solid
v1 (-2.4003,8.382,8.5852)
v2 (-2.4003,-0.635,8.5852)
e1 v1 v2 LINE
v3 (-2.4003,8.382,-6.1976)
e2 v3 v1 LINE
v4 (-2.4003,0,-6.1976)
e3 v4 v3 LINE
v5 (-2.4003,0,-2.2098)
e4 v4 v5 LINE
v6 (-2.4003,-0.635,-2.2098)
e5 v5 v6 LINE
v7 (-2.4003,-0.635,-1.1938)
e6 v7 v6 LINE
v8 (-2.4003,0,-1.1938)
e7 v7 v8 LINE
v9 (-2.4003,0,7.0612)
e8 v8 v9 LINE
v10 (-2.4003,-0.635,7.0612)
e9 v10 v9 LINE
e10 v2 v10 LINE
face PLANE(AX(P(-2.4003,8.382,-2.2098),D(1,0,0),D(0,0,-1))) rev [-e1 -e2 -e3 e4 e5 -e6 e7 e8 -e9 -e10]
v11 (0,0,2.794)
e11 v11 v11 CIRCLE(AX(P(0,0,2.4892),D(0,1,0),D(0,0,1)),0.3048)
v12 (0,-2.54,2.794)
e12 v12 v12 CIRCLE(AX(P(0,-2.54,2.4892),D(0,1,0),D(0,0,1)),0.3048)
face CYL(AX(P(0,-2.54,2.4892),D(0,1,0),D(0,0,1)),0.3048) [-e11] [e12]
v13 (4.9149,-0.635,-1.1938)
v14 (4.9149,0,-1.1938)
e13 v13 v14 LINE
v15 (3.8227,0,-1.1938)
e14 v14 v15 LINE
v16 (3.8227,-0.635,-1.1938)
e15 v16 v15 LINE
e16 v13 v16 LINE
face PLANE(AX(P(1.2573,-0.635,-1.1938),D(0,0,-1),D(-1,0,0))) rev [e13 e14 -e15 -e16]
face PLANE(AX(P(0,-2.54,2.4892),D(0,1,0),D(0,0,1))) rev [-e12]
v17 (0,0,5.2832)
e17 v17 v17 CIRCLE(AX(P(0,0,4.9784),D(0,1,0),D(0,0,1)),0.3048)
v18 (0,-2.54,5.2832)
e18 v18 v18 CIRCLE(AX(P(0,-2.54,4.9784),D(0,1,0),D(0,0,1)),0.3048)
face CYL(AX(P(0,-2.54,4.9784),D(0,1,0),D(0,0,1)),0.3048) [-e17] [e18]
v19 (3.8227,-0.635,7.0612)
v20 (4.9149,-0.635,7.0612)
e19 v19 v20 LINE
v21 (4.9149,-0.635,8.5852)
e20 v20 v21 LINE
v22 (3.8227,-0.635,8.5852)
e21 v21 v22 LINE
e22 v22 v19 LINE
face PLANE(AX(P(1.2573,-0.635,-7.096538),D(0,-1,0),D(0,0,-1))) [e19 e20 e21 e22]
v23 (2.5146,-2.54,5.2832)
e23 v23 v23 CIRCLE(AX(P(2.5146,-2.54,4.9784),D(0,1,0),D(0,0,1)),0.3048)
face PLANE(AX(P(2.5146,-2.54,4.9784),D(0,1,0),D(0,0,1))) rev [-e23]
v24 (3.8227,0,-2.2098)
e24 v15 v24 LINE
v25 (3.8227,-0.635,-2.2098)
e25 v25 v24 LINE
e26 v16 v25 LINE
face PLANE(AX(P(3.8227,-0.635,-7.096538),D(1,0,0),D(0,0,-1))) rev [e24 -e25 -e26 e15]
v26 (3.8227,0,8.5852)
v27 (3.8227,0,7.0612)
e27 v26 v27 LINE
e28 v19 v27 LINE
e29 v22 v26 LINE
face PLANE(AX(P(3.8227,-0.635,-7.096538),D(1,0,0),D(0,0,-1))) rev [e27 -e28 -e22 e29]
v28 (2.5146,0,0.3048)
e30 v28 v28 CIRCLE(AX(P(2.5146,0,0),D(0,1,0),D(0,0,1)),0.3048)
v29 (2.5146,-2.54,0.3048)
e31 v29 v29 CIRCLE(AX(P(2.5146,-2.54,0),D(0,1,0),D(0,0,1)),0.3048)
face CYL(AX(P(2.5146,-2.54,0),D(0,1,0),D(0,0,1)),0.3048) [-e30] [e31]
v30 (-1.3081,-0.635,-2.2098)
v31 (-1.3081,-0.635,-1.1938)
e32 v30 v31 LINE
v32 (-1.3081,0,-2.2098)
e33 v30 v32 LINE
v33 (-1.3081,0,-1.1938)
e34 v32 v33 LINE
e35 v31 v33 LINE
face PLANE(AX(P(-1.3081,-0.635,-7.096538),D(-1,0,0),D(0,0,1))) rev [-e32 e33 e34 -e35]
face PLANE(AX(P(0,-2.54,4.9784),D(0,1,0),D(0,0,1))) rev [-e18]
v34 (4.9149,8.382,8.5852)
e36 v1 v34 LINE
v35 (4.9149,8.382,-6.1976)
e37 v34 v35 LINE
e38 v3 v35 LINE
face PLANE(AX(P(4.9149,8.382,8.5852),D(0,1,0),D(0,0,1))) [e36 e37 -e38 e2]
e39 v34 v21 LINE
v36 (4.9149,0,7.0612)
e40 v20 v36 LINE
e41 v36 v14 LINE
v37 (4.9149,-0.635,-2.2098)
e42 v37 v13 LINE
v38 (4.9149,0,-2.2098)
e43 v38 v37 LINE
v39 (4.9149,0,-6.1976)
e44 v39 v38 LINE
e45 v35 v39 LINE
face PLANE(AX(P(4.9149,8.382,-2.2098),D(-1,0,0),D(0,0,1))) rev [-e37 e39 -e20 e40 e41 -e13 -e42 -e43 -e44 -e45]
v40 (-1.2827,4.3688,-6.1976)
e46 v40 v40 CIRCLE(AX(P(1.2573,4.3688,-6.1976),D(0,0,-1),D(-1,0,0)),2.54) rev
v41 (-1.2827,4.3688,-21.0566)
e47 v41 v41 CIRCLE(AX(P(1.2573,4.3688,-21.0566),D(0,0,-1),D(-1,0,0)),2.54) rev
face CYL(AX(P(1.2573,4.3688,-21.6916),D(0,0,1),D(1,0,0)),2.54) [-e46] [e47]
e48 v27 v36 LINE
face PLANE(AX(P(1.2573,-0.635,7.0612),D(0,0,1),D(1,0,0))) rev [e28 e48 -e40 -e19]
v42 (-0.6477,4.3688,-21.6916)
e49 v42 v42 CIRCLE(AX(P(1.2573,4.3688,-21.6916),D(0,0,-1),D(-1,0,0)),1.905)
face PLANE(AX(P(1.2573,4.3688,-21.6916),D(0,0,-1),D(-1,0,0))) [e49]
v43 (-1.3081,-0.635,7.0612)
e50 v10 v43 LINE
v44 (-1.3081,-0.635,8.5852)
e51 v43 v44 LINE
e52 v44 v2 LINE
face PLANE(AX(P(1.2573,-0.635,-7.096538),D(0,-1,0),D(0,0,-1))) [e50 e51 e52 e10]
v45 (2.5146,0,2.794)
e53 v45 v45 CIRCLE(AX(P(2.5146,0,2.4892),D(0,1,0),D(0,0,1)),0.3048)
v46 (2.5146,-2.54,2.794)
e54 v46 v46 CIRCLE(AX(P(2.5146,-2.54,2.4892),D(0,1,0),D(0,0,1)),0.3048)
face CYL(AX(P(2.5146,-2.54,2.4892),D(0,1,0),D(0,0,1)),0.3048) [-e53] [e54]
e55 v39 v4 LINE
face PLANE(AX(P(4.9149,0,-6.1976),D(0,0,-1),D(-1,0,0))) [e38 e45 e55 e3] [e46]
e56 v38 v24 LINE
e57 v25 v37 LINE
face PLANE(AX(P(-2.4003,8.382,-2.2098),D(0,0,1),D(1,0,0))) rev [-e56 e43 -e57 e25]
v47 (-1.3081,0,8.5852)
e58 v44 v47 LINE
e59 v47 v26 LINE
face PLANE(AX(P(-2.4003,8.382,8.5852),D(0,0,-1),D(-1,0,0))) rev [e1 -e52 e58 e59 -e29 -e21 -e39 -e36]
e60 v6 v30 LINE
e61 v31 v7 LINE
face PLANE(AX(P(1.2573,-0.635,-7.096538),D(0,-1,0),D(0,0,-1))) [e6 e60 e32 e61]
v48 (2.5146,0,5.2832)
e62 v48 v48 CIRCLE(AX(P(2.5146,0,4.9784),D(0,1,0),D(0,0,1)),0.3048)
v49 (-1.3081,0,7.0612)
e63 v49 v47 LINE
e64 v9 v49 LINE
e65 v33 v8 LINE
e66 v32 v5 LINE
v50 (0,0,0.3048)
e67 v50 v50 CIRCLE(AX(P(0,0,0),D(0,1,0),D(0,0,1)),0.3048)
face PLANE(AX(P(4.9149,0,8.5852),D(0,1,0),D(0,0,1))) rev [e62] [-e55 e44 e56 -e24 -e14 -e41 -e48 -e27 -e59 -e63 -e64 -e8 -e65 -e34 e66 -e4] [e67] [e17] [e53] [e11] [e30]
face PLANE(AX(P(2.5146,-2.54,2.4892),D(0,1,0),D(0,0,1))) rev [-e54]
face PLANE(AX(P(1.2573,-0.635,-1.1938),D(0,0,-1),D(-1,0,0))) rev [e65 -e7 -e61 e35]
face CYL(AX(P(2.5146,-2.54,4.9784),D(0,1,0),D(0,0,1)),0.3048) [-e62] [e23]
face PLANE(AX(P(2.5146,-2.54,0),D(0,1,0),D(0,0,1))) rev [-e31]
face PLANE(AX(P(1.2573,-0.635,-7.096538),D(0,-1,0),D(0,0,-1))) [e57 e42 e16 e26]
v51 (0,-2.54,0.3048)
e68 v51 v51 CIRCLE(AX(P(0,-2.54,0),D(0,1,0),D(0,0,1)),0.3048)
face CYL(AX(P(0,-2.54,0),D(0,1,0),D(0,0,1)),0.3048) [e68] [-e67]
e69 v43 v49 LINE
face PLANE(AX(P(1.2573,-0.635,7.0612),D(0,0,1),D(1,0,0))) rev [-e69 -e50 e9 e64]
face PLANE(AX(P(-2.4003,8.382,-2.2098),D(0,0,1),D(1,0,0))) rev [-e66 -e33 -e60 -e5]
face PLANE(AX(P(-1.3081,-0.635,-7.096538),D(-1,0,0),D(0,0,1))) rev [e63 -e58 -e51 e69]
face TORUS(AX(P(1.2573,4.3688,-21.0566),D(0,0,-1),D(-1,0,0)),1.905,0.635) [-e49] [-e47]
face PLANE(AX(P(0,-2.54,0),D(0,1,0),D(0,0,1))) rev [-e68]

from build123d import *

# Parameters (mm, degrees)
SKETCH1_R           = 0.3048
PINS_DEPTH          = 2.54
PINS_2_DEPTH        = 2.54
PINS_3_DEPTH        = 2.54
PINS_4_DEPTH        = 2.54
PINS_5_DEPTH        = 2.54
PINS_6_DEPTH        = 2.54
SKETCH2_W           = 7.3152
SKETCH2_H           = 10.795
MAIN_BODY_DEPTH     = 8.382
SKETCH3_W           = 1.0922
SKETCH3_H           = 1.524
SKETCH3_H_2         = 1.016
FEET_DEPTH          = 0.635
SKETCH5_W           = 7.3152
SKETCH5_H           = 8.382
BOSS_EXTRUDE5_DEPTH = 3.9878
SKETCH4_R           = 2.54
CUP_DEPTH           = 19.4818
SKETCH6_R           = 2.3495
SPRING_DEPTH        = 6.5532
FILLET1_R           = 0.635


with BuildPart() as part:
    # Sketch1 → Pins (new body)
    with BuildSketch(Plane(origin=(0, 0, 0), x_dir=(1, 0, 0), z_dir=(0, 1, 0))):
        with Locations(Location((0, 0, 0), (0, 0, 270))):
            Circle(SKETCH1_R)
    extrude(amount=-PINS_DEPTH)



with BuildPart() as body_2:
    # Sketch1 → Pins 2 (new body)
    with BuildSketch(Plane(origin=(0, 0, 0), x_dir=(1, 0, 0), z_dir=(0, 1, 0))):
        with Locations(Location((0, -2.4892, 0), (0, 0, 270))):
            Circle(SKETCH1_R)
    extrude(amount=-PINS_2_DEPTH)


with BuildPart() as body_3:
    # Sketch1 → Pins 3 (new body)
    with BuildSketch(Plane(origin=(0, 0, 0), x_dir=(1, 0, 0), z_dir=(0, 1, 0))):
        with Locations(Location((0, -4.9784, 0), (0, 0, 270))):
            Circle(SKETCH1_R)
    extrude(amount=-PINS_3_DEPTH)


with BuildPart() as body_4:
    # Sketch1 → Pins 4 (new body)
    with BuildSketch(Plane(origin=(0, 0, 0), x_dir=(1, 0, 0), z_dir=(0, 1, 0))):
        with Locations(Location((2.5146, 0, 0), (0, 0, 270))):
            Circle(SKETCH1_R)
    extrude(amount=-PINS_4_DEPTH)


with BuildPart() as body_5:
    # Sketch1 → Pins 5 (new body)
    with BuildSketch(Plane(origin=(0, 0, 0), x_dir=(1, 0, 0), z_dir=(0, 1, 0))):
        with Locations(Location((2.5146, -2.4892, 0), (0, 0, 270))):
            Circle(SKETCH1_R)
    extrude(amount=-PINS_5_DEPTH)


with BuildPart() as body_6:
    # Sketch1 → Pins 6 (new body)
    with BuildSketch(Plane(origin=(0, 0, 0), x_dir=(1, 0, 0), z_dir=(0, 1, 0))):
        with Locations(Location((2.5146, -4.9784, 0), (0, 0, 270))):
            Circle(SKETCH1_R)
    extrude(amount=-PINS_6_DEPTH)


with BuildPart() as part_1:
    add(part.part)

    add(body_2.part)  # Main Body merges body 2

    add(body_3.part)  # Main Body merges body 3

    add(body_4.part)  # Main Body merges body 4

    add(body_5.part)  # Main Body merges body 5

    add(body_6.part)  # Main Body merges body 6
    # Sketch2 → Main Body (add)
    with BuildSketch(Plane(origin=(0, 0, 0), x_dir=(1, 0, 0), z_dir=(0, 1, 0))):
        with Locations((1.2573, -3.1877)):
            Rectangle(SKETCH2_W, SKETCH2_H)
    extrude(amount=MAIN_BODY_DEPTH)

    # Sketch3 → Feet (add)
    with BuildSketch(Plane.XZ):
        with Locations((-1.8542, 7.8232)):
            Rectangle(SKETCH3_W, SKETCH3_H)
        with Locations((4.3688, 7.8232)):
            Rectangle(SKETCH3_W, SKETCH3_H)
        with Locations((4.3688, -1.7018)):
            Rectangle(SKETCH3_W, SKETCH3_H_2)
        with Locations((-1.8542, -1.7018)):
            Rectangle(SKETCH3_W, SKETCH3_H_2)
    extrude(amount=FEET_DEPTH)

    # Sketch5 → Boss-Extrude5 (add)
    with BuildSketch(Plane(origin=(0, 0, -2.2098), x_dir=(-1, 0, 0), z_dir=(0, 0, -1))):
        with Locations((-1.2573, 4.191)):
            Rectangle(SKETCH5_W, SKETCH5_H)
    extrude(amount=BOSS_EXTRUDE5_DEPTH)

    # Sketch4 → Cup (add)
    with BuildSketch(Plane(origin=(0, 0, -2.2098), x_dir=(-1, 0, 0), z_dir=(0, 0, -1))):
        with Locations((-1.2573, 4.3688)):
            Circle(SKETCH4_R)
    extrude(amount=CUP_DEPTH)

    # Sketch6 → Spring (add)
    with BuildSketch(Plane(origin=(0, 0, -6.1976), x_dir=(-1, 0, 0), z_dir=(0, 0, -1))):
        with Locations((-1.2573, 4.3688)):
            Circle(SKETCH6_R)
    extrude(amount=SPRING_DEPTH)

    # Fillet1
    fillet1_edges = [part_1.edges().sort_by_distance(p)[0] for p in [
        (3.7973, 4.3688, -21.6916),
    ]]
    fillet(fillet1_edges, radius=FILLET1_R)


solid = part_1.part
